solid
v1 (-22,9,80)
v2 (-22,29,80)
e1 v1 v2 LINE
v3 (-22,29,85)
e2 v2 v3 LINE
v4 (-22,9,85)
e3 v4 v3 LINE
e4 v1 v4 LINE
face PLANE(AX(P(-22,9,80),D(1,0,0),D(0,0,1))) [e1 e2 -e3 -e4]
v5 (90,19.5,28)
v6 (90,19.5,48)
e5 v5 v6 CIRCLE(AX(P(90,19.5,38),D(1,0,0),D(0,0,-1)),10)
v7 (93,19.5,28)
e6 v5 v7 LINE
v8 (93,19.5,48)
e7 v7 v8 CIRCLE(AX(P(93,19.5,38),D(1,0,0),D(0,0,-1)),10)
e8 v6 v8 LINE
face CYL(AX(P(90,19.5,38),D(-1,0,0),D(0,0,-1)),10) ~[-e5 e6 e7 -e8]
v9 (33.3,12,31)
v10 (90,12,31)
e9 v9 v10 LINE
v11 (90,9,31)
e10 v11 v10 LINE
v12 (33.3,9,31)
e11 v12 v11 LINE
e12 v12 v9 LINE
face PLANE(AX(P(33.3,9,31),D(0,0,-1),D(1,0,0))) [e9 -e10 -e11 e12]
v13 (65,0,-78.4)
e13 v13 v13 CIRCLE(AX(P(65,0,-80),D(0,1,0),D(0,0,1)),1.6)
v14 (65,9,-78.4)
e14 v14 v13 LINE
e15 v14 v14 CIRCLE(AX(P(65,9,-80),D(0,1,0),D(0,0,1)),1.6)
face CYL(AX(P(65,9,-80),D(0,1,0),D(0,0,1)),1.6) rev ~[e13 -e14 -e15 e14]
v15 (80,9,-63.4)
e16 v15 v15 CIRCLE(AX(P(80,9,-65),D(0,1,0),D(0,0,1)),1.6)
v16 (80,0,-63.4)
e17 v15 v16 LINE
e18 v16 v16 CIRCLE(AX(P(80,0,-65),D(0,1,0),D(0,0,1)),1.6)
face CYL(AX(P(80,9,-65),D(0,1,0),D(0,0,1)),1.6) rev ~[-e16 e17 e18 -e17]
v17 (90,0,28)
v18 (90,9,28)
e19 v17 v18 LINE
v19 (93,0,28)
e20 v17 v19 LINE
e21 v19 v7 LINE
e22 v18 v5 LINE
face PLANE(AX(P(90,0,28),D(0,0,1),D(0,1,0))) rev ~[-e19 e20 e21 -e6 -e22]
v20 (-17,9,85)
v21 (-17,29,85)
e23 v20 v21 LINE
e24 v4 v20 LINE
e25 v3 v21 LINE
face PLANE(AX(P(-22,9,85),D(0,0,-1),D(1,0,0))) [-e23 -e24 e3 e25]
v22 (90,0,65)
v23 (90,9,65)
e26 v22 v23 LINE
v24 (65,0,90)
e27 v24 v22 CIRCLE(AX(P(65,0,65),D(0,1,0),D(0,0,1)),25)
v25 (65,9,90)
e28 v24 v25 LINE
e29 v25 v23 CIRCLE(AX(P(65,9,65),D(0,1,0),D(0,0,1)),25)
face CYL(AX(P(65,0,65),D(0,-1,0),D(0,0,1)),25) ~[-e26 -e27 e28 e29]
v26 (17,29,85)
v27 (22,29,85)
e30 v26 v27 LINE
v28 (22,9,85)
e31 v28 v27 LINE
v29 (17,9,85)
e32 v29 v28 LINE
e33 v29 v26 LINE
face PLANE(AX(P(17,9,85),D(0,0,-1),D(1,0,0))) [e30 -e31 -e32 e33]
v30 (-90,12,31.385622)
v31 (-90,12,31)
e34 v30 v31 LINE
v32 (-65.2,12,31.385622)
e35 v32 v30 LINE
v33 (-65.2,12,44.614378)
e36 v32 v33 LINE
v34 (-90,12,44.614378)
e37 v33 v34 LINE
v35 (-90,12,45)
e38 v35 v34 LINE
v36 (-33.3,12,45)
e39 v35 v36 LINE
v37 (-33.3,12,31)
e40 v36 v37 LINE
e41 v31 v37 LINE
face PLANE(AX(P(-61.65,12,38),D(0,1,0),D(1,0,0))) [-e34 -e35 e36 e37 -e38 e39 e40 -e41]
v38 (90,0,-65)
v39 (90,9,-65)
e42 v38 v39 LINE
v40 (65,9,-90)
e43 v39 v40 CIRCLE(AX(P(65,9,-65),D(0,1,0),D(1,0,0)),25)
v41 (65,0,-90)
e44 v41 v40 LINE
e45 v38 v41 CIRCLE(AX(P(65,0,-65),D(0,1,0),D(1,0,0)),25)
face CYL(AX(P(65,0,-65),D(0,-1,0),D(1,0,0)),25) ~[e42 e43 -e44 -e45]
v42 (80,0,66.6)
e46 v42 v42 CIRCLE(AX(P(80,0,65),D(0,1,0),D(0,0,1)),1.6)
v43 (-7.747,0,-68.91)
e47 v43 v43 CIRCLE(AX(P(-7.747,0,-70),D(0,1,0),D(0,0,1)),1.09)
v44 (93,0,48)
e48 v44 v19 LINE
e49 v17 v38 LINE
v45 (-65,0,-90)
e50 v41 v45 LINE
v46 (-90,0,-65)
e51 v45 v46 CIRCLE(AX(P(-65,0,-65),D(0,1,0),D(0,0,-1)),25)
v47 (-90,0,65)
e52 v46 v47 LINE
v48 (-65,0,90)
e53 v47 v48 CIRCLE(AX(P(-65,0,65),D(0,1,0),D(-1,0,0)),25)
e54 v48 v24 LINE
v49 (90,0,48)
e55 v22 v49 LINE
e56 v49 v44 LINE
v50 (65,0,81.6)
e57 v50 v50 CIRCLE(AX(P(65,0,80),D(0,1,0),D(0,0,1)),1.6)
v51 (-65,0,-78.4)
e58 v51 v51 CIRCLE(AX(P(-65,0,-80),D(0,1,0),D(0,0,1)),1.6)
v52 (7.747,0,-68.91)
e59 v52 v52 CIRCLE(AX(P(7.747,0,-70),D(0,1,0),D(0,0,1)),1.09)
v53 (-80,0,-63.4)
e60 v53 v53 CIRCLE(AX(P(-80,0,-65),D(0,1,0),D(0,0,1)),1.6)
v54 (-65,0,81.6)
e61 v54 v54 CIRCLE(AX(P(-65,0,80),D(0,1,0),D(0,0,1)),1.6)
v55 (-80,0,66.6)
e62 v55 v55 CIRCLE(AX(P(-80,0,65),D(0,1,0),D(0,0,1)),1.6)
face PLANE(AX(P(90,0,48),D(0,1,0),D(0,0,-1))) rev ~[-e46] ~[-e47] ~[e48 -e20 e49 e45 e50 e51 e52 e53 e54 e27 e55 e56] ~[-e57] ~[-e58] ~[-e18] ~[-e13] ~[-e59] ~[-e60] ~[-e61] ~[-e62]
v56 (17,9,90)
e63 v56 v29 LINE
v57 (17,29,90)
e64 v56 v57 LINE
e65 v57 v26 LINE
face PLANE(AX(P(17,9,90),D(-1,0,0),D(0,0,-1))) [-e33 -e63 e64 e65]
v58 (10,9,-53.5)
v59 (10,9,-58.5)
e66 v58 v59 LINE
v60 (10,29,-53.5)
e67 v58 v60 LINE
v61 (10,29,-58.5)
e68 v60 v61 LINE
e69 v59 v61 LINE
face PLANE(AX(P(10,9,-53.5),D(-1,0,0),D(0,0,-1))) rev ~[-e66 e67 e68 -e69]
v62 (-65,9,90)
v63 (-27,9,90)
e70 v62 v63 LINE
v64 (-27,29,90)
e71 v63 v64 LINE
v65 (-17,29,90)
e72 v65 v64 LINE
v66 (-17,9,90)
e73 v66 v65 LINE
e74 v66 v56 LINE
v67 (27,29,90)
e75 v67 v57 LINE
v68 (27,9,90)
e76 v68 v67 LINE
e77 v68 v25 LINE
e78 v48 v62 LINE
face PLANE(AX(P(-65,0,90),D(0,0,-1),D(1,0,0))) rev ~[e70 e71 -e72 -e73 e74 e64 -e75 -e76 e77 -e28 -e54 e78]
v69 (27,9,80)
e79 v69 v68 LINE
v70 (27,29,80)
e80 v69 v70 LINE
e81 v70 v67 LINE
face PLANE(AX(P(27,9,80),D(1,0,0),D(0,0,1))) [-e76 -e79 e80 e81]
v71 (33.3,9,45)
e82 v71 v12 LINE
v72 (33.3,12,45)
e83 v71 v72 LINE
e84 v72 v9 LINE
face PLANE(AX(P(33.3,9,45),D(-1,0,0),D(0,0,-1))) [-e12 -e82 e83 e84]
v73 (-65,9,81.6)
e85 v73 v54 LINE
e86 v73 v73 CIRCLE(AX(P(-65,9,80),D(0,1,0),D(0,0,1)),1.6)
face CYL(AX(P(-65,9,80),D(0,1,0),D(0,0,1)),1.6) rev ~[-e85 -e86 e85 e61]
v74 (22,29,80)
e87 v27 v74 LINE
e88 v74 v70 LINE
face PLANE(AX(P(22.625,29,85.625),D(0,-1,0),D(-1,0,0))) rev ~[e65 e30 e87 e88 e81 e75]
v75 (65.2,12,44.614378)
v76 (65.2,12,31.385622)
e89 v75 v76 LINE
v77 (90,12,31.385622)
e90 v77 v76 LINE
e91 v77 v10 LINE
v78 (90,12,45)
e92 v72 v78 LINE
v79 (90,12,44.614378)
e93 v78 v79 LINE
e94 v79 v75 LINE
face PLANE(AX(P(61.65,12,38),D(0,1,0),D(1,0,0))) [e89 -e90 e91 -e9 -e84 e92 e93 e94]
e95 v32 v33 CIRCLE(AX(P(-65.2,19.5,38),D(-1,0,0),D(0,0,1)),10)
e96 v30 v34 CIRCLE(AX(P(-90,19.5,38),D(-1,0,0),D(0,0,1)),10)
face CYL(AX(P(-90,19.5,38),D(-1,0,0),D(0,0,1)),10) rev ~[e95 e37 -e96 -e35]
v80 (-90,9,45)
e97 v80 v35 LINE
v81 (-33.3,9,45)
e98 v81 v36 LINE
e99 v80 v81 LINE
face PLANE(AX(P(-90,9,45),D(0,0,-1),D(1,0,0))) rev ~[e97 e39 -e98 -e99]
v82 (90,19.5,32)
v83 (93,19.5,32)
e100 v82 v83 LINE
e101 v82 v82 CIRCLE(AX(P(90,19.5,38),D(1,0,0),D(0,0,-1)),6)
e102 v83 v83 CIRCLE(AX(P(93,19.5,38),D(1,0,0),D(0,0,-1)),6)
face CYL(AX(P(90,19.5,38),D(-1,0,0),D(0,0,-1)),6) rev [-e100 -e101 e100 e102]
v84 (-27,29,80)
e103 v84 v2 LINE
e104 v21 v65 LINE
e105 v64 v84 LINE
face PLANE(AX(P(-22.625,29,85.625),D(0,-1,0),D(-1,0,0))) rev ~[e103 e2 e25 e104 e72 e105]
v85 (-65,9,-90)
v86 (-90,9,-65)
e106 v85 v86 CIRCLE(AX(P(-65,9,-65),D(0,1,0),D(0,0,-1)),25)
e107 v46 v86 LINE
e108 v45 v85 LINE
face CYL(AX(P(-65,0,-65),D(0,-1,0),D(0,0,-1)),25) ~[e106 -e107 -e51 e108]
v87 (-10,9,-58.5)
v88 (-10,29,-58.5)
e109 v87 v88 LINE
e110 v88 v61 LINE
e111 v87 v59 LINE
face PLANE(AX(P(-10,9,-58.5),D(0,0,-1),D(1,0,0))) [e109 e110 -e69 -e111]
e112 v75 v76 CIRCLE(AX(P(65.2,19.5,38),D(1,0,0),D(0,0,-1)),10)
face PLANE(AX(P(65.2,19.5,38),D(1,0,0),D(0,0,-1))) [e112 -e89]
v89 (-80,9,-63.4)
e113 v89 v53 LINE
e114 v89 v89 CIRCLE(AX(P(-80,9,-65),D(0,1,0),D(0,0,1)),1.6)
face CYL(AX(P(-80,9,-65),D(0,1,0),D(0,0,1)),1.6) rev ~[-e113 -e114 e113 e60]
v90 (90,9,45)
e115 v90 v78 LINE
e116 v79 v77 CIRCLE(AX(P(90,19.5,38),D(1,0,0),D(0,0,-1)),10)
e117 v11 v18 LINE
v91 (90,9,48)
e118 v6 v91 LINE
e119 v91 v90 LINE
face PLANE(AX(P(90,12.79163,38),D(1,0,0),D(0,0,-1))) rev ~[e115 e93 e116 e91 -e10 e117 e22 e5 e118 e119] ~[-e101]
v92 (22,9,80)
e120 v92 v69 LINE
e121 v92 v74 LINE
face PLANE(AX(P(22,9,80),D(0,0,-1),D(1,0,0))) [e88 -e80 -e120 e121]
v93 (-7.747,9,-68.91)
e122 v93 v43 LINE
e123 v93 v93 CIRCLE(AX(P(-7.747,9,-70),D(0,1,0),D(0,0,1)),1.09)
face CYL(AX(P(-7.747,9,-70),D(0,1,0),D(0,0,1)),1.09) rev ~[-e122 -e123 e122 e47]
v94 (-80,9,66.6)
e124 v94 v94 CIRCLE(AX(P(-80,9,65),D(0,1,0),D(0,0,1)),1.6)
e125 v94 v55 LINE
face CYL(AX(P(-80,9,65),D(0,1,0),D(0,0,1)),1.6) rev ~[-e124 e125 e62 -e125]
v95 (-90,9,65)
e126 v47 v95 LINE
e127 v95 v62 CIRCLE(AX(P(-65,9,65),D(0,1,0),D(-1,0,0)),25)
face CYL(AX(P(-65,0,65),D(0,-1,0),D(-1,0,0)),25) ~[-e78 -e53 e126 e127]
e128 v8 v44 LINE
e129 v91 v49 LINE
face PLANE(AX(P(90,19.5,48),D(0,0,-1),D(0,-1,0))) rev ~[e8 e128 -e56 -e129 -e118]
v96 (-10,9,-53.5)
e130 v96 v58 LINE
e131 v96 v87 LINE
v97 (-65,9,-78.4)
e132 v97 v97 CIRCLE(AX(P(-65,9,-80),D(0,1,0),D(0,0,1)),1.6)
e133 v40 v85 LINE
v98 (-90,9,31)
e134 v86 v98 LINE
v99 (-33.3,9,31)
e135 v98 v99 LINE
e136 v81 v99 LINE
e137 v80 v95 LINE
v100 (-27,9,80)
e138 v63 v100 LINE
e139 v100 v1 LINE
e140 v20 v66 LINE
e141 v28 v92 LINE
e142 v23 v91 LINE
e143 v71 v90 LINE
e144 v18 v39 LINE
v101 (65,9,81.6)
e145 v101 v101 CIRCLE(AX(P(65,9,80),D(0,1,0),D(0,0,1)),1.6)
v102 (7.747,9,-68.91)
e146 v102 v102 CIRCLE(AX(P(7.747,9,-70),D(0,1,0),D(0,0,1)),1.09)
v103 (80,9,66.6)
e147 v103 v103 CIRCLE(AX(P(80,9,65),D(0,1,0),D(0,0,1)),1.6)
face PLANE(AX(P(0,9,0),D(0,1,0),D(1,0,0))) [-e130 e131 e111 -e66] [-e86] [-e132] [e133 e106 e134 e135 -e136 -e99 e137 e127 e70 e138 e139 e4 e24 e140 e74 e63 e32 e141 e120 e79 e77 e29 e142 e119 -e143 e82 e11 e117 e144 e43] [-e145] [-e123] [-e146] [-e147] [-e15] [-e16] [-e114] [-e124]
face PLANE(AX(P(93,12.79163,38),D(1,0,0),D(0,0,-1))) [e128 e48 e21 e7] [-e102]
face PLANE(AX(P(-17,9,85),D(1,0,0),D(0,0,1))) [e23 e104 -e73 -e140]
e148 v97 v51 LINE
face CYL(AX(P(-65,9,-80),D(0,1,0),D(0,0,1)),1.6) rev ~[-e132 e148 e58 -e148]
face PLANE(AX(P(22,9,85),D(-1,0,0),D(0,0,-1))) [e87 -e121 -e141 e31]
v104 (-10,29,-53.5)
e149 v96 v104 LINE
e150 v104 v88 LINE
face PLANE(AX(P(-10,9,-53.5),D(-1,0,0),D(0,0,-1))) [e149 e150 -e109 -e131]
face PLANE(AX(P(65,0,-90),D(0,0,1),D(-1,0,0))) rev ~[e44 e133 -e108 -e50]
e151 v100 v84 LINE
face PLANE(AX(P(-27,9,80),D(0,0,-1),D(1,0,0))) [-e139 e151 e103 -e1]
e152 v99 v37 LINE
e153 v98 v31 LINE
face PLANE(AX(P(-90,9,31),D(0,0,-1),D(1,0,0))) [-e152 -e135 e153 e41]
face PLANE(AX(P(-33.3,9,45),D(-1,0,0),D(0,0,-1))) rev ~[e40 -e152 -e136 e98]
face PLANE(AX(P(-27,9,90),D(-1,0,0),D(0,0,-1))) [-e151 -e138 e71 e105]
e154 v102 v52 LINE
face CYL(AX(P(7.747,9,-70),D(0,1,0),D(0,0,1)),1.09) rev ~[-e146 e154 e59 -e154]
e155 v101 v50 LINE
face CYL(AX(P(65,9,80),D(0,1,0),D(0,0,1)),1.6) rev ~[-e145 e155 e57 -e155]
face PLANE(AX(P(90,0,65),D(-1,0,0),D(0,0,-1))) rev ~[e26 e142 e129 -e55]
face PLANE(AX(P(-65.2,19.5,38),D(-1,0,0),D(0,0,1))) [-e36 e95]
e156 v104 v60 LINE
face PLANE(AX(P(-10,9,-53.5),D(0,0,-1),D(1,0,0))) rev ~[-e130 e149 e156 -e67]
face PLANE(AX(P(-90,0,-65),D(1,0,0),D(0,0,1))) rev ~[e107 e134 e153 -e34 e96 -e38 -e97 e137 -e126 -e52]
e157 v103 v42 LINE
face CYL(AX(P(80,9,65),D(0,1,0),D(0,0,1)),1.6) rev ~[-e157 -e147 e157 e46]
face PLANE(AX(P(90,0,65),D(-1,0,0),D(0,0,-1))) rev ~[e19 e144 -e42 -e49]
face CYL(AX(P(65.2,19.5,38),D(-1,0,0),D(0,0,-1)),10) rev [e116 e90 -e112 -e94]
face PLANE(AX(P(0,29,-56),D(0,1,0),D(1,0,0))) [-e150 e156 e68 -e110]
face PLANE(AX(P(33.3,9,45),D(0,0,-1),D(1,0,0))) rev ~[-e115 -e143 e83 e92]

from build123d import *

# Parameters (mm, degrees)
PLATE_DEPTH         = 9
SKETCH2_R           = 1.09
CASTER_HOLES_DEPTH  = 128.597021909
SKETCH3_R           = 1.6
HEX_HOLES_DEPTH     = 128.597021909
SKETCH4_W           = 20
SKETCH4_H           = 5
BOSS_EXTRUDE1_DEPTH = 20
SKETCH5_W           = 56.7
SKETCH5_H           = 14
BOSS_EXTRUDE2_DEPTH = 3
SKETCH6_R           = 10
CUT_EXTRUDE1_DEPTH  = 24.8
CUT_EXTRUDE2_START  = -24.8
SKETCH7_R           = 10
CUT_EXTRUDE2_DEPTH  = 24.8
SKETCH8_R           = 6
BOSS_EXTRUDE4_DEPTH = 3


with BuildPart() as part:
    # Sketch1 → Plate (new body)
    with BuildSketch(Plane(origin=(0, 0, 0), x_dir=(1, 0, 0), z_dir=(0, 1, 0))):
        with BuildLine():
            Line((-65, -90), (65, -90))
            ThreePointArc((65, -90), (82.67766953, -82.67766953), (90, -65))
            Line((90, -65), (90, 65))
            ThreePointArc((90, 65), (82.67766953, 82.67766953), (65, 90))
            Line((65, 90), (-65, 90))
            ThreePointArc((-65, 90), (-82.67766953, 82.67766953), (-90, 65))
            Line((-90, 65), (-90, -65))
            ThreePointArc((-90, -65), (-82.67766953, -82.67766953), (-65, -90))
        make_face()
    extrude(amount=PLATE_DEPTH)

    # Sketch2 → Caster Holes (cut, through all)
    with BuildSketch(Plane(origin=(0, 9, 0), x_dir=(1, 0, 0), z_dir=(0, 1, 0))):
        with Locations(Location((-7.747, 70, 0), (0, 0, 270))):
            Circle(SKETCH2_R)
        with Locations(Location((7.747, 70, 0), (0, 0, 270))):
            Circle(SKETCH2_R)
    extrude(amount=-CASTER_HOLES_DEPTH, mode=Mode.SUBTRACT)

    # Sketch3 → Hex Holes (cut, through all)
    with BuildSketch(Plane(origin=(0, 9, 0), x_dir=(1, 0, 0), z_dir=(0, 1, 0))):
        with Locations(Location((-65, 80, 0), (0, 0, 270))):
            Circle(SKETCH3_R)
        with Locations(Location((-80, 65, 0), (0, 0, 270))):
            Circle(SKETCH3_R)
        with Locations(Location((80, 65, 0), (0, 0, 270))):
            Circle(SKETCH3_R)
        with Locations(Location((80, -65, 0), (0, 0, 270))):
            Circle(SKETCH3_R)
        with Locations(Location((65, 80, 0), (0, 0, 270))):
            Circle(SKETCH3_R)
        with Locations(Location((65, -80, 0), (0, 0, 270))):
            Circle(SKETCH3_R)
        with Locations(Location((-65, -80, 0), (0, 0, 270))):
            Circle(SKETCH3_R)
        with Locations(Location((-80, -65, 0), (0, 0, 270))):
            Circle(SKETCH3_R)
    extrude(amount=-HEX_HOLES_DEPTH, mode=Mode.SUBTRACT)

    # Sketch4 → Boss-Extrude1 (add)
    with BuildSketch(Plane(origin=(0, 9, 0), x_dir=(1, 0, 0), z_dir=(0, 1, 0))):
        Polygon((-27, -90), (-27, -80), (-22, -80), (-22, -85), (-17, -85), (-17, -90), align=None)
        Polygon((17, -90), (17, -85), (22, -85), (22, -80), (27, -80), (27, -90), align=None)
        with Locations((0, 56)):
            Rectangle(SKETCH4_W, SKETCH4_H)
    extrude(amount=BOSS_EXTRUDE1_DEPTH)

    # Sketch5 → Boss-Extrude2 (add)
    with BuildSketch(Plane(origin=(0, 9, 0), x_dir=(1, 0, 0), z_dir=(0, 1, 0))):
        with Locations((-61.65, -38)):
            Rectangle(SKETCH5_W, SKETCH5_H)
        with Locations((61.65, -38)):
            Rectangle(SKETCH5_W, SKETCH5_H)
    extrude(amount=BOSS_EXTRUDE2_DEPTH)

    # Sketch6 → Cut-Extrude1 (cut)
    with BuildSketch(Plane.ZY.offset(90)):
        with Locations((38, 19.5)):
            Circle(SKETCH6_R)
    extrude(amount=-CUT_EXTRUDE1_DEPTH, mode=Mode.SUBTRACT)

    # Sketch7 → Cut-Extrude2 (cut)
    with BuildSketch(Plane(origin=(90, 0, 0), x_dir=(0, 0, -1), z_dir=(1, 0, 0)).offset(CUT_EXTRUDE2_START)):
        with Locations((-38, 19.5)):
            Circle(SKETCH7_R)
    extrude(amount=CUT_EXTRUDE2_DEPTH, mode=Mode.SUBTRACT)

    # Sketch8 → Boss-Extrude4 (add)
    with BuildSketch(Plane(origin=(90, 0, 0), x_dir=(0, 0, -1), z_dir=(1, 0, 0))):
        with BuildLine():
            Line((-48, 19.5), (-48, 0))
            Line((-48, 0), (-28, 0))
            Line((-28, 0), (-28, 19.5))
            ThreePointArc((-28, 19.5), (-38, 29.5), (-48, 19.5))
        make_face()
        with Locations((-38, 19.5)):
            Circle(SKETCH8_R, mode=Mode.SUBTRACT)
    extrude(amount=BOSS_EXTRUDE4_DEPTH)


solid = part.part
